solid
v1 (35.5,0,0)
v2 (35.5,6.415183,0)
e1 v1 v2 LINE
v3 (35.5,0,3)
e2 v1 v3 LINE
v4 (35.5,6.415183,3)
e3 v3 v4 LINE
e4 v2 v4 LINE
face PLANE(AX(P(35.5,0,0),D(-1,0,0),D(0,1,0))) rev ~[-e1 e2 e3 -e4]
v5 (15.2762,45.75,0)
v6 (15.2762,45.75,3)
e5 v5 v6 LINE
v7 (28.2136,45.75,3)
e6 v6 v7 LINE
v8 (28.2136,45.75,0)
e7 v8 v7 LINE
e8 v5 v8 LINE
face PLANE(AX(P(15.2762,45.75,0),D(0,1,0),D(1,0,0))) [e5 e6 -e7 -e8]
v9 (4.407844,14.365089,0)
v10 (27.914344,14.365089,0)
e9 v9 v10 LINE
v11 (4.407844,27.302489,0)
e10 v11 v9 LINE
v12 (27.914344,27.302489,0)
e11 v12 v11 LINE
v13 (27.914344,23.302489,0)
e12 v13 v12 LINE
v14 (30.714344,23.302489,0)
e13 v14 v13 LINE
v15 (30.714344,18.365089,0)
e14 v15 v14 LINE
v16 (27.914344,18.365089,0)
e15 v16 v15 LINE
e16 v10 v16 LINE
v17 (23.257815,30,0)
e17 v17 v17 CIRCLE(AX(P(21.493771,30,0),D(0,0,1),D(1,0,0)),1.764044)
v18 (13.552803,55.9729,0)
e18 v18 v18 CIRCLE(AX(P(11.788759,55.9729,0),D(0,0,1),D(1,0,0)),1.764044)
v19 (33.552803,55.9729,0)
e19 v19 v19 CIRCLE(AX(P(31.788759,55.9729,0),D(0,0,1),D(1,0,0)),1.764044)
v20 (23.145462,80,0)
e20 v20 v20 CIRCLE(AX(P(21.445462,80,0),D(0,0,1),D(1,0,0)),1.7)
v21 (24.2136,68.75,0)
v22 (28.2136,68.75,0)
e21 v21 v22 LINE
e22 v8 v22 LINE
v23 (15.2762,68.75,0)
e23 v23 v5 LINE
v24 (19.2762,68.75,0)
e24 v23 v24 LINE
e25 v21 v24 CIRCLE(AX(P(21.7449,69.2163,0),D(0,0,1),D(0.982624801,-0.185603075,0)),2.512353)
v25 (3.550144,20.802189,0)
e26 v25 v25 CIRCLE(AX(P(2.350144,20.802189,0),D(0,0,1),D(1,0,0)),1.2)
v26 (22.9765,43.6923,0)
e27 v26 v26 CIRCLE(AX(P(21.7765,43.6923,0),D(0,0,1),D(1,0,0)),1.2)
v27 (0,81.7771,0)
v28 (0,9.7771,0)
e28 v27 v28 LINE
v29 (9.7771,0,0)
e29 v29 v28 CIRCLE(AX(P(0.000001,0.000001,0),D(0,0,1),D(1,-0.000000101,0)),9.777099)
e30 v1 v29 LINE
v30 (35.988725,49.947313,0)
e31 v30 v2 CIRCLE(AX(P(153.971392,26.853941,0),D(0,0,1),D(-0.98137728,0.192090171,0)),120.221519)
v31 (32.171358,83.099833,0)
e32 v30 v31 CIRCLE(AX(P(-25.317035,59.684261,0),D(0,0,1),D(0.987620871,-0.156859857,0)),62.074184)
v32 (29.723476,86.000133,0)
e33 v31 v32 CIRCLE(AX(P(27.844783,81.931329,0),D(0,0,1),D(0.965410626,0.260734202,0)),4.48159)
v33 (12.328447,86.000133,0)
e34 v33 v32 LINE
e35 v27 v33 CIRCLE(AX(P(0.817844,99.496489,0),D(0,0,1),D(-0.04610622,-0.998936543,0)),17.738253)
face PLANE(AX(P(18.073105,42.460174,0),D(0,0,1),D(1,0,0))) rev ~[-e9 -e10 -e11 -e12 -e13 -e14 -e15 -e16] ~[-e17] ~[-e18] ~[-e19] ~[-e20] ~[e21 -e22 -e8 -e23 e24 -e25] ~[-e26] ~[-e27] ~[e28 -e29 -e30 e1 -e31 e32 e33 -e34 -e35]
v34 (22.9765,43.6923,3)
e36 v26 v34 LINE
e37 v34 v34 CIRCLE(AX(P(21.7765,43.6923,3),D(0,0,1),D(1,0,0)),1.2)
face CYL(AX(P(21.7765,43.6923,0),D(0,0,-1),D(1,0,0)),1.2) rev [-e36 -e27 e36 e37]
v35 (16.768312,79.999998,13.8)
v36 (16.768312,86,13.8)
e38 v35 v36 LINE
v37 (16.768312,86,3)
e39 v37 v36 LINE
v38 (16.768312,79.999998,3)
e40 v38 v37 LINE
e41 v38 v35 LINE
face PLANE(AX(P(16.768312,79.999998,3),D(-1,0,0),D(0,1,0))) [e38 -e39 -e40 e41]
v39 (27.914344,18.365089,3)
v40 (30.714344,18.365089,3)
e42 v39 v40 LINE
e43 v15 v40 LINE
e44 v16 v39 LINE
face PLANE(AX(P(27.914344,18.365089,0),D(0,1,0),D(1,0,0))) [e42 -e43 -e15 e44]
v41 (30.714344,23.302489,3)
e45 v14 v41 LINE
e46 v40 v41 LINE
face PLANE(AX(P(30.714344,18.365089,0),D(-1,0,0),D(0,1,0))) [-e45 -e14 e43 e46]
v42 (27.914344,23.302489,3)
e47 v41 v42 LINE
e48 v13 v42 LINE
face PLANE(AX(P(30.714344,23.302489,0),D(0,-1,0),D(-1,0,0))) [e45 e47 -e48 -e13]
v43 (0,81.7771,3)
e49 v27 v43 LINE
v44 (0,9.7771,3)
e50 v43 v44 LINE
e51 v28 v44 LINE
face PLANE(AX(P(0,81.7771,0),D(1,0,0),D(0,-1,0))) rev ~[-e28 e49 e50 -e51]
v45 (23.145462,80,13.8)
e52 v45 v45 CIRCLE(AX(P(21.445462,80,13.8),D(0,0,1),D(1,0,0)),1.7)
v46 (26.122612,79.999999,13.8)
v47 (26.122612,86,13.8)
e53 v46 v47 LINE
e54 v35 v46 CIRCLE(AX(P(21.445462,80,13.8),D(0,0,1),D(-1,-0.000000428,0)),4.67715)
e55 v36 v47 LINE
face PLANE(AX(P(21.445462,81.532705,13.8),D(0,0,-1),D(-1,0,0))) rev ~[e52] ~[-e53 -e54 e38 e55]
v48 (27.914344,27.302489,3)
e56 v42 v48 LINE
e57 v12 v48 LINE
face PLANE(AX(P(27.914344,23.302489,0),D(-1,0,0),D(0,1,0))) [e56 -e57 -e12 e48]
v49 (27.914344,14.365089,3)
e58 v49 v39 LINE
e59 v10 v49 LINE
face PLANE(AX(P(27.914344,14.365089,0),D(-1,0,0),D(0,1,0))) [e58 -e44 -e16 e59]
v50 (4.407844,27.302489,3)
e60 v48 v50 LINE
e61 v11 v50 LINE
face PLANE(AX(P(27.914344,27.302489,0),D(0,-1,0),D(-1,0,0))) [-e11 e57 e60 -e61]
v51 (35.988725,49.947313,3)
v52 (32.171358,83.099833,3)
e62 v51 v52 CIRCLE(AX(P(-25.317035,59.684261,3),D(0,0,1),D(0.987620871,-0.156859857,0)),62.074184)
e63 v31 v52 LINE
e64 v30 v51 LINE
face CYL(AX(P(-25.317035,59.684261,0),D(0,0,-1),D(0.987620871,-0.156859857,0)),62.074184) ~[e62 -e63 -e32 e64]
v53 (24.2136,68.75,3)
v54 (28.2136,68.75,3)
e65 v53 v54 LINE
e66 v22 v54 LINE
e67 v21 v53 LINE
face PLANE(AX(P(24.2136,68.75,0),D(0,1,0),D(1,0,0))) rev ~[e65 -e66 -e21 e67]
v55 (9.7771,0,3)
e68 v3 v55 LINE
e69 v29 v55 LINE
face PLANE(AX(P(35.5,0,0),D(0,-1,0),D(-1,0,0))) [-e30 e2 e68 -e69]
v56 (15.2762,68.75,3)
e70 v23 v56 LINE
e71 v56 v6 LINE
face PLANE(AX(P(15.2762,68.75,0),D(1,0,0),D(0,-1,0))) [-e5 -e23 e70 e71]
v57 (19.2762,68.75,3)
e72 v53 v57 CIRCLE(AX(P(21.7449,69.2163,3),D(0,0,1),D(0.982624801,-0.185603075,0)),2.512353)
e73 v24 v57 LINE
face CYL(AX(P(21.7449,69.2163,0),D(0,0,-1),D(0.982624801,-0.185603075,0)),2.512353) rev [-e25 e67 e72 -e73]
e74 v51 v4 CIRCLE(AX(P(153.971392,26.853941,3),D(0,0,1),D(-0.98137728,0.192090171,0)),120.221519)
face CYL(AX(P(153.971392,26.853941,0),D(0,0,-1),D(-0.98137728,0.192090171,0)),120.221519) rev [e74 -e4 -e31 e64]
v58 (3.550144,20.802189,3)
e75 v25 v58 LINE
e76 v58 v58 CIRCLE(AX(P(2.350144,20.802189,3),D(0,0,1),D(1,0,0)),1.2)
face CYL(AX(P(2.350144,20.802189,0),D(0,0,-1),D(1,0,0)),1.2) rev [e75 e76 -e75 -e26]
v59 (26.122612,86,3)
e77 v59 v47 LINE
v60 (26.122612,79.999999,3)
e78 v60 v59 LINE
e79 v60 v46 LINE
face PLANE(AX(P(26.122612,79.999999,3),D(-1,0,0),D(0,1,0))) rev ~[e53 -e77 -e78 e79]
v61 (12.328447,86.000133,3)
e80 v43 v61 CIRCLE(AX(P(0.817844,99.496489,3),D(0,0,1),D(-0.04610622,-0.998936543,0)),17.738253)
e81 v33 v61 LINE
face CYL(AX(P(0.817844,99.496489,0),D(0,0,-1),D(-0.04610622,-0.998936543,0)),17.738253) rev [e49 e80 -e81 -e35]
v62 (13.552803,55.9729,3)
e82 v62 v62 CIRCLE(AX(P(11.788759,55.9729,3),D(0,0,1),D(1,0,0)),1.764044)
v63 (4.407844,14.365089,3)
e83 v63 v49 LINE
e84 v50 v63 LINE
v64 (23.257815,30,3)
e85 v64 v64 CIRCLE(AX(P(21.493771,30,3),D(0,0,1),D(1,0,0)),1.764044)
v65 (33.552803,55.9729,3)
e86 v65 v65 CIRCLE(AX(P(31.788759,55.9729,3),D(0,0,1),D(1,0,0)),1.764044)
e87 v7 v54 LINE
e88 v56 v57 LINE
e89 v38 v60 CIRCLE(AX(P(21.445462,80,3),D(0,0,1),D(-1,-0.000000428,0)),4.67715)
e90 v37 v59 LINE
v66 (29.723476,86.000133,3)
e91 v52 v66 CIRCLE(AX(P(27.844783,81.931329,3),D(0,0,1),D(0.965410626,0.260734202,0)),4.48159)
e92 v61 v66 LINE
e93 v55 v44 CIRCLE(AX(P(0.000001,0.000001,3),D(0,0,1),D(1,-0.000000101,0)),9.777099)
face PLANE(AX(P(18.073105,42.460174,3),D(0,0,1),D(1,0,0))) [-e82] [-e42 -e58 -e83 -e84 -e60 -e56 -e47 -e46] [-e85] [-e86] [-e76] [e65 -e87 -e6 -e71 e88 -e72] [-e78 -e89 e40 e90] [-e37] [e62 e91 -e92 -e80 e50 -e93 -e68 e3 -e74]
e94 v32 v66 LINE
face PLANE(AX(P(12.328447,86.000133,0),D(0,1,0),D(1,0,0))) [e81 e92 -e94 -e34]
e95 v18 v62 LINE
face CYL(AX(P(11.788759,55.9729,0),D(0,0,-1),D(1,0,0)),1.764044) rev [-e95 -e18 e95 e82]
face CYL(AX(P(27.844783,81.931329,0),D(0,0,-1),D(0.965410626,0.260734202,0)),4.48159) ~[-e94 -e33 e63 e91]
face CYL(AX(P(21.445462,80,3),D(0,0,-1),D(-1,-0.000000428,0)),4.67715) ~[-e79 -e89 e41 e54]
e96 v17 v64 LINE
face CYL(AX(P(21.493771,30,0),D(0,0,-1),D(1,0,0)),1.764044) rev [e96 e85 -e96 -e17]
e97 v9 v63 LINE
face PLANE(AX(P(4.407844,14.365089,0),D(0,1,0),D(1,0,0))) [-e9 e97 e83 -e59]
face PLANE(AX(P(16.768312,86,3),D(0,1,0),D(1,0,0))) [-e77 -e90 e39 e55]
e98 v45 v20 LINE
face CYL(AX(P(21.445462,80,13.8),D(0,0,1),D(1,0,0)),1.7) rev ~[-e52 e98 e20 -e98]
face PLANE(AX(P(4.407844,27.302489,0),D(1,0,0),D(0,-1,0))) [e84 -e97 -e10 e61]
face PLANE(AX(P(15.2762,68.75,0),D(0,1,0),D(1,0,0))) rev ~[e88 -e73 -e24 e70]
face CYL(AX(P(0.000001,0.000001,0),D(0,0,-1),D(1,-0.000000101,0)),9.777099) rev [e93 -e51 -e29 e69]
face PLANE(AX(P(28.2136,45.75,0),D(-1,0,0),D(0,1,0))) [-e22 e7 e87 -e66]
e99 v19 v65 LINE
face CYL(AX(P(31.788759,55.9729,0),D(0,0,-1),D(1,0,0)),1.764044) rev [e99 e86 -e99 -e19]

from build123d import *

# Parameters (mm, degrees)
SKETCH033_R        = 1.2
SKETCH033_R_2      = 1.764044
PAD020_DEPTH       = 3
PAD029_DEPTH       = 10.8
SKETCH046_R        = 1.7
POCKET003022_DEPTH = 20


with BuildPart() as part:
    # Sketch033 → Pad020 (new body)
    with BuildSketch(Plane.XY):
        with BuildLine():
            Line((35.5, 0), (35.5, 6.415183))
            ThreePointArc((35.988725, 49.947313), (33.757449, 28.203554), (35.5, 6.415183))
            ThreePointArc((35.988725, 49.947313), (36.349691, 66.784913), (32.171358, 83.099833))
            ThreePointArc((32.171358, 83.099833), (31.269586, 84.821896), (29.723476, 86.000133))
            Line((12.328447, 86.000133), (29.723476, 86.000133))
            ThreePointArc((0, 81.7771), (6.566085, 82.715448), (12.328447, 86.000133))
            Line((0, 81.7771), (0, 9.7771))
            ThreePointArc((9.7771, 0), (6.913454, 6.913454), (0, 9.7771))
            Line((35.5, 0), (9.7771, 0))
        make_face()
        with Locations((2.350144, 20.802189)):
            Circle(SKETCH033_R, mode=Mode.SUBTRACT)
        with Locations((21.7765, 43.6923)):
            Circle(SKETCH033_R, mode=Mode.SUBTRACT)
        with Locations((11.788759, 55.9729)):
            Circle(SKETCH033_R_2, mode=Mode.SUBTRACT)
        with Locations((31.788759, 55.9729)):
            Circle(SKETCH033_R_2, mode=Mode.SUBTRACT)
        with Locations((21.493771, 30)):
            Circle(SKETCH033_R_2, mode=Mode.SUBTRACT)
        Polygon((27.914344, 27.302489), (4.407844, 27.302489), (4.407844, 14.365089), (27.914344, 14.365089), (27.914344, 18.365089), (30.714344, 18.365089), (30.714344, 23.302489), (27.914344, 23.302489), align=None, mode=Mode.SUBTRACT)
        with BuildLine():
            Line((15.2762, 68.75), (15.2762, 45.75))
            Line((15.2762, 45.75), (28.2136, 45.75))
            Line((28.2136, 45.75), (28.2136, 68.75))
            Line((24.2136, 68.75), (28.2136, 68.75))
            ThreePointArc((24.2136, 68.75), (21.7449, 71.728653), (19.2762, 68.75))
            Line((15.2762, 68.75), (19.2762, 68.75))
        make_face(mode=Mode.SUBTRACT)
    extrude(amount=PAD020_DEPTH)

    # Sketch045 → Pad029 (new body)
    with BuildSketch(Plane.XY.offset(3)):
        with BuildLine():
            Line((16.768312, 79.999998), (16.768312, 86))
            Line((16.768312, 86), (26.122612, 86))
            Line((26.122612, 79.999999), (26.122612, 86))
            ThreePointArc((16.768312, 79.999998), (21.445462, 75.32285), (26.122612, 79.999999))
        make_face()
    extrude(amount=PAD029_DEPTH)

    # Sketch046 → Pocket003022 (cut)
    with BuildSketch(Plane.XY.offset(13.8)):
        with Locations((21.445462, 80)):
            Circle(SKETCH046_R)
    extrude(amount=-POCKET003022_DEPTH, mode=Mode.SUBTRACT)


solid = part.part
